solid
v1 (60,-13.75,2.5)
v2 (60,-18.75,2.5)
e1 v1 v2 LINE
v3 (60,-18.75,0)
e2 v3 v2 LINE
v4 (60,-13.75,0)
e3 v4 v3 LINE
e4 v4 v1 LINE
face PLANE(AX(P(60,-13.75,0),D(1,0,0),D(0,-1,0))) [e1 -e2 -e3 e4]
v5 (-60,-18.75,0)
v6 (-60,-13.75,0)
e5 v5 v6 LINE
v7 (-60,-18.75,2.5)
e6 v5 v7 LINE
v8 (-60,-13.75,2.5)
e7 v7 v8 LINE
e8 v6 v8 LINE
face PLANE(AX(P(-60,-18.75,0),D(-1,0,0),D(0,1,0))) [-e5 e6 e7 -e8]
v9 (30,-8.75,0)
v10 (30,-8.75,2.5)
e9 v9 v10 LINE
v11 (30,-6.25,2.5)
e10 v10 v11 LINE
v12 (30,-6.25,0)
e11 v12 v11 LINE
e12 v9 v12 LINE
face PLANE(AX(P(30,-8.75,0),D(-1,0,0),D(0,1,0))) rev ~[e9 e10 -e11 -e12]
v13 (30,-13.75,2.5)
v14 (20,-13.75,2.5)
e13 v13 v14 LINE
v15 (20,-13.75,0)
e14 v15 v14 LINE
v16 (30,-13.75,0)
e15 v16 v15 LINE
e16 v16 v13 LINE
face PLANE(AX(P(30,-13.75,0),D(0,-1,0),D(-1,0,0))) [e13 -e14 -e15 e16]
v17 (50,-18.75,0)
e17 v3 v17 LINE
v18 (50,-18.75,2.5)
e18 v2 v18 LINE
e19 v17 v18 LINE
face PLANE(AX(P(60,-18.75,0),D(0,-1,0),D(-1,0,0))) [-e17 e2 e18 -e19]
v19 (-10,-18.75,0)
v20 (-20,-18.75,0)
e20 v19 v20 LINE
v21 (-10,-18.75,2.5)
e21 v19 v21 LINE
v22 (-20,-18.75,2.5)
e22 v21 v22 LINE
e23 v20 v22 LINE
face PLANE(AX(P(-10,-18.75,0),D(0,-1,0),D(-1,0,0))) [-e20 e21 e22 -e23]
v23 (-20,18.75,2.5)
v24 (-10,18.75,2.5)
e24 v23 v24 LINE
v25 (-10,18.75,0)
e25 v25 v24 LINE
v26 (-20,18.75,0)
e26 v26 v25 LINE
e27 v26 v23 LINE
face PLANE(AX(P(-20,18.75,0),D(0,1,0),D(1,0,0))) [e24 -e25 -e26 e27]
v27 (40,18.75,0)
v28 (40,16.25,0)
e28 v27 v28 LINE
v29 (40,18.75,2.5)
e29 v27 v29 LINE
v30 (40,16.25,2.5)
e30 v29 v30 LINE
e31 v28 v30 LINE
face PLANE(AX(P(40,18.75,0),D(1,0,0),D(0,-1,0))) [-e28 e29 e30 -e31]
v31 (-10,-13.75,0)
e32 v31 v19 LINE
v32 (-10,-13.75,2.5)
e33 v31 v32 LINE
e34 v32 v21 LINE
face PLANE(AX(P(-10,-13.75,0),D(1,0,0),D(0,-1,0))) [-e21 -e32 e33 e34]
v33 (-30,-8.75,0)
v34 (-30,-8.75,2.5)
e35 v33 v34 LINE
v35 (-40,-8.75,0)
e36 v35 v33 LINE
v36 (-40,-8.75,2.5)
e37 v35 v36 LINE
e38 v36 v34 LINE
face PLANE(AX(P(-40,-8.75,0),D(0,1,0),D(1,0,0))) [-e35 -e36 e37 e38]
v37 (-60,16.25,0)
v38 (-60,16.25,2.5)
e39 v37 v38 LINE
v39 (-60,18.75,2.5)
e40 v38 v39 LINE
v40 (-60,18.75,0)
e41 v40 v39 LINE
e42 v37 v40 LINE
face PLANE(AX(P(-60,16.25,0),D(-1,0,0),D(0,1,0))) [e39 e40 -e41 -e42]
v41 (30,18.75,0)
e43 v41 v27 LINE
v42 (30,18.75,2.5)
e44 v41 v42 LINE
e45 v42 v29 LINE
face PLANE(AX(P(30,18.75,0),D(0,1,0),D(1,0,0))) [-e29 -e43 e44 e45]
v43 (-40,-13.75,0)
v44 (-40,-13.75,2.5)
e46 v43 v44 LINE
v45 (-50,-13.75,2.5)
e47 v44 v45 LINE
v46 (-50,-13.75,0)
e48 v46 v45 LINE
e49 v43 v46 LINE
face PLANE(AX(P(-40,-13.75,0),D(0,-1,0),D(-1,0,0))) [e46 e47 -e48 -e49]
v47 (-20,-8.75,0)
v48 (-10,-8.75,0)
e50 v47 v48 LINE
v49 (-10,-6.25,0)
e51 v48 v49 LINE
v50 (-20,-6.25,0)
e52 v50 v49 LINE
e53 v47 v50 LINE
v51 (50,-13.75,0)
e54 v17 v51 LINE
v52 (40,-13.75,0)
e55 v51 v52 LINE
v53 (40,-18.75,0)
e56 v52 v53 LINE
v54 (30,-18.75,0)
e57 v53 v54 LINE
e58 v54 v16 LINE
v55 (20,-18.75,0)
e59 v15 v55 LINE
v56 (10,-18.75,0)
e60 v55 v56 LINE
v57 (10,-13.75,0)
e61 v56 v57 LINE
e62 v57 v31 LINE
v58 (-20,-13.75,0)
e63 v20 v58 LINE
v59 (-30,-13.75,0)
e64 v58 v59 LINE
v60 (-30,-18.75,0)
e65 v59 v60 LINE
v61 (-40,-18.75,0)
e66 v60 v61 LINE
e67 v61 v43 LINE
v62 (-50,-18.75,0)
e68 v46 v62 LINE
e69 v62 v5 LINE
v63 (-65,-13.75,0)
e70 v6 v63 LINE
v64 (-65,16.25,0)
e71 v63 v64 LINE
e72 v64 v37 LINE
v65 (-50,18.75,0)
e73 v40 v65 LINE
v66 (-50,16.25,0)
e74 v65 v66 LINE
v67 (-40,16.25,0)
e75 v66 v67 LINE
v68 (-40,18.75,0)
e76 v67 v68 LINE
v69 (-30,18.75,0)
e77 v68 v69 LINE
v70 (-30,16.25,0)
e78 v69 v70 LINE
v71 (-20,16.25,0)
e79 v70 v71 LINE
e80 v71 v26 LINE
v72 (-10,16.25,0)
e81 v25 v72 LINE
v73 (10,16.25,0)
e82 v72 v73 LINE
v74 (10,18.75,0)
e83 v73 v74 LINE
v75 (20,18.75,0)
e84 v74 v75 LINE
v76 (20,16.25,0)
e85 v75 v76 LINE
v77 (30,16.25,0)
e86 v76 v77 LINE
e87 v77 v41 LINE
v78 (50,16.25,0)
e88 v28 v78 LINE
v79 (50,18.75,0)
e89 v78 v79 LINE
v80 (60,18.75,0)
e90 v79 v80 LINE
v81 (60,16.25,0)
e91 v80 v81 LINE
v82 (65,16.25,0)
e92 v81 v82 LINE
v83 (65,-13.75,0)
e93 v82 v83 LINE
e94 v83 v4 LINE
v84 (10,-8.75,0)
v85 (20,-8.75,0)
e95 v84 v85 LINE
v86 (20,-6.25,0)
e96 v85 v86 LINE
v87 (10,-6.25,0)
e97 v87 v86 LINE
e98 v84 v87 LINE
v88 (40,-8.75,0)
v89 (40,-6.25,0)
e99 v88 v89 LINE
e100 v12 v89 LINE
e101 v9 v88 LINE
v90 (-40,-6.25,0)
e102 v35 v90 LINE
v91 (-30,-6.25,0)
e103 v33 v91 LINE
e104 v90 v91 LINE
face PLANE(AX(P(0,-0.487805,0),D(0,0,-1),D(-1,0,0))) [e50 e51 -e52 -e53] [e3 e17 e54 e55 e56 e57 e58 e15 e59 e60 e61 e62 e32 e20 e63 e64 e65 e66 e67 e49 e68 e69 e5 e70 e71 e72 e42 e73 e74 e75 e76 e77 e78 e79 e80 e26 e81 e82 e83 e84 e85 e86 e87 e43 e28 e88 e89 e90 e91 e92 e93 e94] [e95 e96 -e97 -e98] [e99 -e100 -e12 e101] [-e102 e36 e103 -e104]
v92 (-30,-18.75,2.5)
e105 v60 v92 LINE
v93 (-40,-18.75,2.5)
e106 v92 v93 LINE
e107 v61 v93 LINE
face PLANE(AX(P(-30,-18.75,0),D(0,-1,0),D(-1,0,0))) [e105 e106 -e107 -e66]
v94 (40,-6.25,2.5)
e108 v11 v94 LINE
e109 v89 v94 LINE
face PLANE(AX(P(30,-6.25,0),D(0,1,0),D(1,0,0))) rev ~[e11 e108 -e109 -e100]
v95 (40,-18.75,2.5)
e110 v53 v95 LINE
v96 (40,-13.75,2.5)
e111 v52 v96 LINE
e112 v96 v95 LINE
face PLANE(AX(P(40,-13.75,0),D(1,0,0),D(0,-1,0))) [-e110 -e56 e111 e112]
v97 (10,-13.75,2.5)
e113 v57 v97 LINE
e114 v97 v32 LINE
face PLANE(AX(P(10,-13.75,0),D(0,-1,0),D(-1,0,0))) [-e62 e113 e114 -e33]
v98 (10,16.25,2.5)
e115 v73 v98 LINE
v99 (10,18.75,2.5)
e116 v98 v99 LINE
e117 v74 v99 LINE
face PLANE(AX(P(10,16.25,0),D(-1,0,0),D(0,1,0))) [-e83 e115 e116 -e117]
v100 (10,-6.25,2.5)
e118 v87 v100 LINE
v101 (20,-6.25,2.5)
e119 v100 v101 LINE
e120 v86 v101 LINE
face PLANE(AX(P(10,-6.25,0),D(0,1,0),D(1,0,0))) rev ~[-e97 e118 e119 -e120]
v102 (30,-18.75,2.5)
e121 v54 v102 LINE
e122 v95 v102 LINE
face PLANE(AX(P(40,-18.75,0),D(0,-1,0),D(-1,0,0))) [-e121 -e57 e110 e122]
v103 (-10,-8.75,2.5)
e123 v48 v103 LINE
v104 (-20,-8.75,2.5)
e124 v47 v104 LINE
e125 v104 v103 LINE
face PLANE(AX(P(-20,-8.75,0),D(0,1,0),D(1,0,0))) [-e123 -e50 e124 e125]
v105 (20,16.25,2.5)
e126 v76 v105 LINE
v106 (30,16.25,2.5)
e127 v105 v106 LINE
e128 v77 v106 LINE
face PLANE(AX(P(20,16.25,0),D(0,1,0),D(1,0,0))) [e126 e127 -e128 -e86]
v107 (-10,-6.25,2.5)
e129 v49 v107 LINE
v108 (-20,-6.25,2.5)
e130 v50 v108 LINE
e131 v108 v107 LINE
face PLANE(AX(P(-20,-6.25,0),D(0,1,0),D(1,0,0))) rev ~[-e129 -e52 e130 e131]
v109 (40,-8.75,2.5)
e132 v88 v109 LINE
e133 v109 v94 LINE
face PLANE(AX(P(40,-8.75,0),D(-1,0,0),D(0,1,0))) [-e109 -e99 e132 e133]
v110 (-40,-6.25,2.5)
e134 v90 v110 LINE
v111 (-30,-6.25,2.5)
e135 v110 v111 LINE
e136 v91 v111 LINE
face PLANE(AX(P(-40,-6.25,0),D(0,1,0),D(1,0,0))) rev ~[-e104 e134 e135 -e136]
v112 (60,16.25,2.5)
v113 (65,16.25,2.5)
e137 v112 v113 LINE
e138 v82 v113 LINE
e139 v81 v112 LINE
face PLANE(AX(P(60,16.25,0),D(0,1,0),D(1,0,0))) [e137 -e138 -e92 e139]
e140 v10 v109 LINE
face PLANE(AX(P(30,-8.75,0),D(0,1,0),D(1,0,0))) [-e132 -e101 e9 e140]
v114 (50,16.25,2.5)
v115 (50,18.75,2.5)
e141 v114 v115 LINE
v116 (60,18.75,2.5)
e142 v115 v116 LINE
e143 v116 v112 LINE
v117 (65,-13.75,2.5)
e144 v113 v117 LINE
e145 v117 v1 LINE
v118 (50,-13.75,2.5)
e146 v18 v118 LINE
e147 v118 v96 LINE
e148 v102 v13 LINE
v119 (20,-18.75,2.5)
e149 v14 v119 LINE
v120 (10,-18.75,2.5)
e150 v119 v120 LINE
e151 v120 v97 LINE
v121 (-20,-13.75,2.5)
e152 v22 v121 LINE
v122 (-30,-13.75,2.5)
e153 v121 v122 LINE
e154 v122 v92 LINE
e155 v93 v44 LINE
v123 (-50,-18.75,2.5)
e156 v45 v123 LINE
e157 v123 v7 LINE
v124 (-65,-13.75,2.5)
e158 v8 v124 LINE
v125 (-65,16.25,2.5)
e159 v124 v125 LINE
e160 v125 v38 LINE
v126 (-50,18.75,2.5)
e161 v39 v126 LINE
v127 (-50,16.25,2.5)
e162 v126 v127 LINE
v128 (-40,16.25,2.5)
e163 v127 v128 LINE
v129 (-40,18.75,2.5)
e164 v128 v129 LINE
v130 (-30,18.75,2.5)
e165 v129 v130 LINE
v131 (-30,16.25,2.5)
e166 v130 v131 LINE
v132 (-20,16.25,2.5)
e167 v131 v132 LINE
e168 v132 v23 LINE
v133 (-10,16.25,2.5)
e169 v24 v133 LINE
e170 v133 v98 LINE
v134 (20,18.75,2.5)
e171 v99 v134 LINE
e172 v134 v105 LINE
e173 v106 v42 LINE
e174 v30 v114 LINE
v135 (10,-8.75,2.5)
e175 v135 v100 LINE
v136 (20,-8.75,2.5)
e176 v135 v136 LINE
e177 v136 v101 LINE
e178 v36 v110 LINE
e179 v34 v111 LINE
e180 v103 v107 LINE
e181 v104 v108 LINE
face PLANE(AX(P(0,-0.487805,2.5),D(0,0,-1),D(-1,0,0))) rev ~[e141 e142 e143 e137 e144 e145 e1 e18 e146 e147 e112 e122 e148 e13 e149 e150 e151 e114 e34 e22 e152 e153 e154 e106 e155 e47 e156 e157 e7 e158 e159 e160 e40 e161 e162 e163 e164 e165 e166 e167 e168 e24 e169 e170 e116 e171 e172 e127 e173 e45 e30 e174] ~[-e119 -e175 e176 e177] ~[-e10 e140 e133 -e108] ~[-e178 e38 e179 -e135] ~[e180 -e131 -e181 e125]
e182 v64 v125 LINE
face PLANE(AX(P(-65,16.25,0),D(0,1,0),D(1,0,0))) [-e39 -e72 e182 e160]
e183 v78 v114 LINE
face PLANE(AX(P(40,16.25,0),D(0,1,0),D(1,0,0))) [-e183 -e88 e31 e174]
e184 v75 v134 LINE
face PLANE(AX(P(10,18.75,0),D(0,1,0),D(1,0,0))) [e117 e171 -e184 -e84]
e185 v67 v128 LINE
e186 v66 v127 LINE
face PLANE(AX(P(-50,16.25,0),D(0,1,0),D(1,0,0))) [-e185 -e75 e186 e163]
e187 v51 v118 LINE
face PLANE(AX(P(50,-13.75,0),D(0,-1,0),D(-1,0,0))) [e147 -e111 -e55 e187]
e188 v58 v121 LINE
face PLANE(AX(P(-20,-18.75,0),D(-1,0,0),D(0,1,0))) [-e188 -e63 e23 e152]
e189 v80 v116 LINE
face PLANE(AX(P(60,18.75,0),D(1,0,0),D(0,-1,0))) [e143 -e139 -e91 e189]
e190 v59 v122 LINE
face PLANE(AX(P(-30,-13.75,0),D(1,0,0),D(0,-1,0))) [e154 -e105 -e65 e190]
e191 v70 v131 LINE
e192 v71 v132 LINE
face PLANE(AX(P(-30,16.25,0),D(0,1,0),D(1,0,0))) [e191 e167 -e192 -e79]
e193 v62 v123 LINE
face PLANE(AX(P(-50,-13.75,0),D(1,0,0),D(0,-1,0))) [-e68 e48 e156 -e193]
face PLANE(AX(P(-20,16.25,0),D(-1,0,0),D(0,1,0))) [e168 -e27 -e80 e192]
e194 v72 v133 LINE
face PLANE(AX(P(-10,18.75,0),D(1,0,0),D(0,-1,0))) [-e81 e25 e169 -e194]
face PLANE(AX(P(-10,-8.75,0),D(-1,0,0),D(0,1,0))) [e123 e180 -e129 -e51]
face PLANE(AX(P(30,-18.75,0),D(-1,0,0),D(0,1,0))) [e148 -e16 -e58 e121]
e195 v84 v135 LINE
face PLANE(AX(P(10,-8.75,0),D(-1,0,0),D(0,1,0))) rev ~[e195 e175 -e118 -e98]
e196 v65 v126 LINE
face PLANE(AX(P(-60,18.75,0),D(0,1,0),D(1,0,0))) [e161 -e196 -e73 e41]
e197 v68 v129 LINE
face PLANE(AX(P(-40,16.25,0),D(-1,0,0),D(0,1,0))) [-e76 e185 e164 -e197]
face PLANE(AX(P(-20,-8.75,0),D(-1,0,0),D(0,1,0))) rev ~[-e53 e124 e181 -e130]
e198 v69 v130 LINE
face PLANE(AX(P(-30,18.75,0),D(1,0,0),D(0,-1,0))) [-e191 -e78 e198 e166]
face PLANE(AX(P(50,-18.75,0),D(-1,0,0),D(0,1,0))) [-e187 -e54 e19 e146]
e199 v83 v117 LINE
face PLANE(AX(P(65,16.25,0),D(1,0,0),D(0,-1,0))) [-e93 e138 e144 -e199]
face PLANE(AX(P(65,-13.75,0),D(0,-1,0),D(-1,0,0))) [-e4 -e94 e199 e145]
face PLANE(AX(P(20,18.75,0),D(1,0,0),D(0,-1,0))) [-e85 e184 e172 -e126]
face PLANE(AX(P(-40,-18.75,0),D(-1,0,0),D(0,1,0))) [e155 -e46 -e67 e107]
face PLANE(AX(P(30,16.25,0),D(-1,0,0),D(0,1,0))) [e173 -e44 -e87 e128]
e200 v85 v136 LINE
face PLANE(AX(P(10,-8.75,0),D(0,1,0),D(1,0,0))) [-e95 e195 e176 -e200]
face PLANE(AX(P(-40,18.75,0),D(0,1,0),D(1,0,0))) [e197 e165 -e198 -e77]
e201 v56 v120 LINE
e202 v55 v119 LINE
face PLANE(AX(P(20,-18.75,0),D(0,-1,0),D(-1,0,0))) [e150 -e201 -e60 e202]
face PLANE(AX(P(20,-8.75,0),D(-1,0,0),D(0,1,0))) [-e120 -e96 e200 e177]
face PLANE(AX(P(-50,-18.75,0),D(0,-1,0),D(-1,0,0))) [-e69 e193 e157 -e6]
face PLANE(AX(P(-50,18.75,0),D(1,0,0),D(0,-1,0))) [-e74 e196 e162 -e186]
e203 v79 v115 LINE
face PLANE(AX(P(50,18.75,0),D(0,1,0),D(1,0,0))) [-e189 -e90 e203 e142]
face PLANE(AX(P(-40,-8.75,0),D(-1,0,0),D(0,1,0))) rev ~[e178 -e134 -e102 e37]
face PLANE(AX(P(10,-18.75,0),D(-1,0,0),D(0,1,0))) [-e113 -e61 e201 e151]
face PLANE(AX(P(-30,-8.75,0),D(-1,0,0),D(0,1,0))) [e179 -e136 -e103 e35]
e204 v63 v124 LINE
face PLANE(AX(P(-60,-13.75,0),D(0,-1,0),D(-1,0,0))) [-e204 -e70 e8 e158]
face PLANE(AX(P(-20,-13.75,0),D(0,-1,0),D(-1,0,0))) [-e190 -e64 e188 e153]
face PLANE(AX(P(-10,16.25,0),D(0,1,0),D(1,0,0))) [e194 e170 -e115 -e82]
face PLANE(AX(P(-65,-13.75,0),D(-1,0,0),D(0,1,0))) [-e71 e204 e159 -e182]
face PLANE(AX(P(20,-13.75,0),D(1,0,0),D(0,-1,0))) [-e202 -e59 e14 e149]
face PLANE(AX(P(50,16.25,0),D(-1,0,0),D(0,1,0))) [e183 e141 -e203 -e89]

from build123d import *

# Parameters (mm, degrees)
SKETCH1_W           = 10
SKETCH1_H           = 2.5
BOSS_EXTRUDE1_DEPTH = 2.5


with BuildPart() as part:
    # Sketch1 → Boss-Extrude1 (new body)
    with BuildSketch(Plane.XY):
        Polygon((65, -13.75), (60, -13.75), (60, -18.75), (50, -18.75), (50, -13.75), (40, -13.75), (40, -18.75), (30, -18.75), (30, -13.75), (20, -13.75), (20, -18.75), (10, -18.75), (10, -13.75), (-10, -13.75), (-10, -18.75), (-20, -18.75), (-20, -13.75), (-30, -13.75), (-30, -18.75), (-40, -18.75), (-40, -13.75), (-50, -13.75), (-50, -18.75), (-60, -18.75), (-60, -13.75), (-65, -13.75), (-65, 16.25), (-60, 16.25), (-60, 18.75), (-50, 18.75), (-50, 16.25), (-40, 16.25), (-40, 18.75), (-30, 18.75), (-30, 16.25), (-20, 16.25), (-20, 18.75), (-10, 18.75), (-10, 16.25), (10, 16.25), (10, 18.75), (20, 18.75), (20, 16.25), (30, 16.25), (30, 18.75), (40, 18.75), (40, 16.25), (50, 16.25), (50, 18.75), (60, 18.75), (60, 16.25), (65, 16.25), align=None)
        with Locations((-15, -7.5)):
            Rectangle(SKETCH1_W, SKETCH1_H, mode=Mode.SUBTRACT)
        with Locations((-35, -7.5)):
            Rectangle(SKETCH1_W, SKETCH1_H, mode=Mode.SUBTRACT)
        with Locations((15, -7.5)):
            Rectangle(SKETCH1_W, SKETCH1_H, mode=Mode.SUBTRACT)
        with Locations((35, -7.5)):
            Rectangle(SKETCH1_W, SKETCH1_H, mode=Mode.SUBTRACT)
    extrude(amount=BOSS_EXTRUDE1_DEPTH)


solid = part.part
